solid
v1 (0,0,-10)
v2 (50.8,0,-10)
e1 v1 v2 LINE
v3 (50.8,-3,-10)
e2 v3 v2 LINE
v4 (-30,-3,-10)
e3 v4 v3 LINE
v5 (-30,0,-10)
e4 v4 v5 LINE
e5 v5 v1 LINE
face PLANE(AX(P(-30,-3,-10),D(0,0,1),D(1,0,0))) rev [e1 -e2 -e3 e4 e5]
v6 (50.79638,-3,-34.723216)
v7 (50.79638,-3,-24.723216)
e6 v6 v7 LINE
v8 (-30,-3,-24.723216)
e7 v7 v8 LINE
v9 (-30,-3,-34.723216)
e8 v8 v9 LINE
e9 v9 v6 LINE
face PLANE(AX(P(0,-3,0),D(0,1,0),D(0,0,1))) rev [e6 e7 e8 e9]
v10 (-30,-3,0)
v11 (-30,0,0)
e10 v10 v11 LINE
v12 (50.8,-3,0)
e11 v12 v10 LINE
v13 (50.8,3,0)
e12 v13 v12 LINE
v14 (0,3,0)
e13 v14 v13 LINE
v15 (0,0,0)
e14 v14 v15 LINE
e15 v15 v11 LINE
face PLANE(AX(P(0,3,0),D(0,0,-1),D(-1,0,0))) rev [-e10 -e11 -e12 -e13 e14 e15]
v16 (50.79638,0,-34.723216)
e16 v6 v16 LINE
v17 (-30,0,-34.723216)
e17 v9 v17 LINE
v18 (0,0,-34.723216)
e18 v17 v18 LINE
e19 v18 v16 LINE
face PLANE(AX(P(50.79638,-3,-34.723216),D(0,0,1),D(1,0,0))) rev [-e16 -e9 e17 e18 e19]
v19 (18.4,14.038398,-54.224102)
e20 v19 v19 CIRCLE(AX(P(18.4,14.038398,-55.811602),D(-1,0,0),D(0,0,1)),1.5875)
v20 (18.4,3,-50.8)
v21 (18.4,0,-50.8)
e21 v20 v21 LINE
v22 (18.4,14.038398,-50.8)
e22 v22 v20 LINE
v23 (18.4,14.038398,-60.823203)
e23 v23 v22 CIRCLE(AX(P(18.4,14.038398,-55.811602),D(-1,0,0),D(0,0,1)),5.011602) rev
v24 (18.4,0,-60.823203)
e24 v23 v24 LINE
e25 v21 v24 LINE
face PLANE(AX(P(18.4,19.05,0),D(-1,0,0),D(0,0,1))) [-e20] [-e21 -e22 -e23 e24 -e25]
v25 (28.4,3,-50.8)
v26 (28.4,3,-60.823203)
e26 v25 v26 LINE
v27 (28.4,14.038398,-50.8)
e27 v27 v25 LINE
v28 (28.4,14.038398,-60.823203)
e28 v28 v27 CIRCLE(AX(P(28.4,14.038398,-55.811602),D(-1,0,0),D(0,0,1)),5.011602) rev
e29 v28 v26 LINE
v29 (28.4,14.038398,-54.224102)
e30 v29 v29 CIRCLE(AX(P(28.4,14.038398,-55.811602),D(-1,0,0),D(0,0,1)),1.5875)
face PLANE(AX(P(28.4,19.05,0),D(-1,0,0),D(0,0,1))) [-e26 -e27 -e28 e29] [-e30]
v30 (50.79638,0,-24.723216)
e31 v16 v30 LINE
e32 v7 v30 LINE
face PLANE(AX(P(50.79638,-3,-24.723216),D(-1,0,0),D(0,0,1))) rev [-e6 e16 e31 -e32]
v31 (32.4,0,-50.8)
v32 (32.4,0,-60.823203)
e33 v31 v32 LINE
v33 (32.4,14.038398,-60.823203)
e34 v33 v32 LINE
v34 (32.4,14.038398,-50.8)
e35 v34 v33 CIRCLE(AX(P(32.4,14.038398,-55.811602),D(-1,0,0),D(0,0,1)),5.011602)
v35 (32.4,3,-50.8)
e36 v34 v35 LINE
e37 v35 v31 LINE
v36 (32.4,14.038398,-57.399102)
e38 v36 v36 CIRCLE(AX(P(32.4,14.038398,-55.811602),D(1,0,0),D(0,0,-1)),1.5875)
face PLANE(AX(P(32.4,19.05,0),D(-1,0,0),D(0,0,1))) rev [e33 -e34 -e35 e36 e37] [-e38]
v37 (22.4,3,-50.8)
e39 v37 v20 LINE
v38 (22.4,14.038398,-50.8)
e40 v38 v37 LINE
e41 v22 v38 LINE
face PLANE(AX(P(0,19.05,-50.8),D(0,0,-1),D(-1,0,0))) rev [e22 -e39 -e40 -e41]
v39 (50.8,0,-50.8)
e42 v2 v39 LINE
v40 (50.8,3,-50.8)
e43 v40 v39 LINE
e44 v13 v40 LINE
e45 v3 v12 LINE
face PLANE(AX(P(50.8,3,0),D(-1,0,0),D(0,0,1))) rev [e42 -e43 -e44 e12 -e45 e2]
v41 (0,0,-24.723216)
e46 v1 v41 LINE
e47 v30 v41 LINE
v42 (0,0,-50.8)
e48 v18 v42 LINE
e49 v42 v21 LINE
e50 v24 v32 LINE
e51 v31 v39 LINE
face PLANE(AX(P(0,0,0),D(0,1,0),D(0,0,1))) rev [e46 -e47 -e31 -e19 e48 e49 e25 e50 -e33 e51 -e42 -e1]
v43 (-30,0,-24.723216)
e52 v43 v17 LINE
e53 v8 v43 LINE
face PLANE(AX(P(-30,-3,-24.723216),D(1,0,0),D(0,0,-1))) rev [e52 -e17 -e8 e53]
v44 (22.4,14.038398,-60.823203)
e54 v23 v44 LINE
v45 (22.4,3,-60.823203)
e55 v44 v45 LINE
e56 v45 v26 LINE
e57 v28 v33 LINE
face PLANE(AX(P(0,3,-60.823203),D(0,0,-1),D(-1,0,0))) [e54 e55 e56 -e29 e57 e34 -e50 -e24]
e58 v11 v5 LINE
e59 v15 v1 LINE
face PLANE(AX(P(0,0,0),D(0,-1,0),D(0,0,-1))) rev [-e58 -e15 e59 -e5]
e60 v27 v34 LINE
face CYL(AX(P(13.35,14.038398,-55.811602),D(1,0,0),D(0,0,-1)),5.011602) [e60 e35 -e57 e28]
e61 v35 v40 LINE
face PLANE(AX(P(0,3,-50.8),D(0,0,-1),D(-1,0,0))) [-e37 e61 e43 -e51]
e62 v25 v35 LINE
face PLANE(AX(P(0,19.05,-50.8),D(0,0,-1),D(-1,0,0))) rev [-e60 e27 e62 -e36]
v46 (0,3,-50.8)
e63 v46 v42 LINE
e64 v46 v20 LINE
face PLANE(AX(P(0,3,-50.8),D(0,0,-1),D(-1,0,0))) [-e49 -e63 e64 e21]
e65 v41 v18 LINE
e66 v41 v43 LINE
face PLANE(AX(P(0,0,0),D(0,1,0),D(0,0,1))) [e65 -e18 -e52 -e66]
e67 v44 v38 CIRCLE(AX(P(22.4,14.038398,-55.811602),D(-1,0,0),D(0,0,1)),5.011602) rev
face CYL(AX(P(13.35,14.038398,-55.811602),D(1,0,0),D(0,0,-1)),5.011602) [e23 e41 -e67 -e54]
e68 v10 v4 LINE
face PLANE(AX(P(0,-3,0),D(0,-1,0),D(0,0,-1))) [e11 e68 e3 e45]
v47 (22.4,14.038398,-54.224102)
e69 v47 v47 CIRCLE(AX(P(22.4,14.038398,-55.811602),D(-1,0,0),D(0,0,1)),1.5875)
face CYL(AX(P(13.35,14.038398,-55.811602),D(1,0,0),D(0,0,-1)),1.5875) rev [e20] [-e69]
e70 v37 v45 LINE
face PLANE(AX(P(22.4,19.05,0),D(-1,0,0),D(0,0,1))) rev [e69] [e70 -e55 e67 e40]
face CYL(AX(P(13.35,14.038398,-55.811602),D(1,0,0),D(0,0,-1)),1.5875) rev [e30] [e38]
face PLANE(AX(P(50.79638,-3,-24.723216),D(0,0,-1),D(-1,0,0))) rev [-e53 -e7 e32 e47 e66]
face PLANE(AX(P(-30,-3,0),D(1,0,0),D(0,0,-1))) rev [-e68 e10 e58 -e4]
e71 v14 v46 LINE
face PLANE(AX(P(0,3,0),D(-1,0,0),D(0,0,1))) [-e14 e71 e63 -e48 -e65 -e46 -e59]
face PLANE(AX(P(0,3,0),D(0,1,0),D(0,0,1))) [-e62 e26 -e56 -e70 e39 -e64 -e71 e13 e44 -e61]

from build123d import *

# Parameters (mm, degrees)
BOSS_EXTRUDE1_DEPTH = 3
SKETCH1_3_W         = 4
SKETCH1_3_H         = 10.023203152
BOSS_EXTRUDE2_DEPTH = 19.05
SKETCH2_R           = 1.5875
CUT_EXTRUDE1_DEPTH  = 19.05
SKETCH3_W           = 80.796379589
SKETCH3_H           = 10
BOSS_EXTRUDE3_DEPTH = 3


with BuildPart() as part:
    # Sketch1 → Boss-Extrude1 (new body)
    with BuildSketch(Plane(origin=(0, 0, 0), x_dir=(1, 0, 0), z_dir=(0, 1, 0))):
        Polygon((0, 50.8), (0, 0), (50.8, 0), (50.8, 50.8), (28.4, 50.8), (28.4, 60.823203152), (22.4, 60.823203152), (22.4, 50.8), align=None)
    extrude(amount=BOSS_EXTRUDE1_DEPTH)

    # Sketch1<3> → Boss-Extrude2 (add)
    with BuildSketch(Plane(origin=(0, 0, 0), x_dir=(1, 0, 0), z_dir=(0, 1, 0))):
        with Locations((20.4, 55.811601576)):
            Rectangle(SKETCH1_3_W, SKETCH1_3_H)
        with Locations((30.4, 55.811601576)):
            Rectangle(SKETCH1_3_W, SKETCH1_3_H)
    extrude(amount=BOSS_EXTRUDE2_DEPTH)

    # Sketch2 → Cut-Extrude1 (cut)
    with BuildSketch(Plane(origin=(32.4, 0, 0), x_dir=(0, 0, -1), z_dir=(1, 0, 0))):
        with Locations((55.811601576, 14.038398424)):
            Circle(SKETCH2_R)
        with BuildLine():
            Line((50.8, 14.038398424), (49.911458456, 20.395059664))
            Line((49.911458456, 20.395059664), (64.501767063, 21.247740037))
            Line((64.501767063, 21.247740037), (60.823203152, 14.038398424))
            ThreePointArc((60.823203152, 14.038398424), (55.811601576, 19.05), (50.8, 14.038398424))
        make_face()
    extrude(amount=-CUT_EXTRUDE1_DEPTH, mode=Mode.SUBTRACT)

    # Sketch3 → Boss-Extrude3 (add)
    with BuildSketch(Plane.XZ):
        Polygon((0, 0), (-30, 0), (-30, -10), (50.8, -10), (50.8, 0), align=None)
        with Locations((10.398189795, -29.723216131)):
            Rectangle(SKETCH3_W, SKETCH3_H)
    extrude(amount=BOSS_EXTRUDE3_DEPTH)


solid = part.part
